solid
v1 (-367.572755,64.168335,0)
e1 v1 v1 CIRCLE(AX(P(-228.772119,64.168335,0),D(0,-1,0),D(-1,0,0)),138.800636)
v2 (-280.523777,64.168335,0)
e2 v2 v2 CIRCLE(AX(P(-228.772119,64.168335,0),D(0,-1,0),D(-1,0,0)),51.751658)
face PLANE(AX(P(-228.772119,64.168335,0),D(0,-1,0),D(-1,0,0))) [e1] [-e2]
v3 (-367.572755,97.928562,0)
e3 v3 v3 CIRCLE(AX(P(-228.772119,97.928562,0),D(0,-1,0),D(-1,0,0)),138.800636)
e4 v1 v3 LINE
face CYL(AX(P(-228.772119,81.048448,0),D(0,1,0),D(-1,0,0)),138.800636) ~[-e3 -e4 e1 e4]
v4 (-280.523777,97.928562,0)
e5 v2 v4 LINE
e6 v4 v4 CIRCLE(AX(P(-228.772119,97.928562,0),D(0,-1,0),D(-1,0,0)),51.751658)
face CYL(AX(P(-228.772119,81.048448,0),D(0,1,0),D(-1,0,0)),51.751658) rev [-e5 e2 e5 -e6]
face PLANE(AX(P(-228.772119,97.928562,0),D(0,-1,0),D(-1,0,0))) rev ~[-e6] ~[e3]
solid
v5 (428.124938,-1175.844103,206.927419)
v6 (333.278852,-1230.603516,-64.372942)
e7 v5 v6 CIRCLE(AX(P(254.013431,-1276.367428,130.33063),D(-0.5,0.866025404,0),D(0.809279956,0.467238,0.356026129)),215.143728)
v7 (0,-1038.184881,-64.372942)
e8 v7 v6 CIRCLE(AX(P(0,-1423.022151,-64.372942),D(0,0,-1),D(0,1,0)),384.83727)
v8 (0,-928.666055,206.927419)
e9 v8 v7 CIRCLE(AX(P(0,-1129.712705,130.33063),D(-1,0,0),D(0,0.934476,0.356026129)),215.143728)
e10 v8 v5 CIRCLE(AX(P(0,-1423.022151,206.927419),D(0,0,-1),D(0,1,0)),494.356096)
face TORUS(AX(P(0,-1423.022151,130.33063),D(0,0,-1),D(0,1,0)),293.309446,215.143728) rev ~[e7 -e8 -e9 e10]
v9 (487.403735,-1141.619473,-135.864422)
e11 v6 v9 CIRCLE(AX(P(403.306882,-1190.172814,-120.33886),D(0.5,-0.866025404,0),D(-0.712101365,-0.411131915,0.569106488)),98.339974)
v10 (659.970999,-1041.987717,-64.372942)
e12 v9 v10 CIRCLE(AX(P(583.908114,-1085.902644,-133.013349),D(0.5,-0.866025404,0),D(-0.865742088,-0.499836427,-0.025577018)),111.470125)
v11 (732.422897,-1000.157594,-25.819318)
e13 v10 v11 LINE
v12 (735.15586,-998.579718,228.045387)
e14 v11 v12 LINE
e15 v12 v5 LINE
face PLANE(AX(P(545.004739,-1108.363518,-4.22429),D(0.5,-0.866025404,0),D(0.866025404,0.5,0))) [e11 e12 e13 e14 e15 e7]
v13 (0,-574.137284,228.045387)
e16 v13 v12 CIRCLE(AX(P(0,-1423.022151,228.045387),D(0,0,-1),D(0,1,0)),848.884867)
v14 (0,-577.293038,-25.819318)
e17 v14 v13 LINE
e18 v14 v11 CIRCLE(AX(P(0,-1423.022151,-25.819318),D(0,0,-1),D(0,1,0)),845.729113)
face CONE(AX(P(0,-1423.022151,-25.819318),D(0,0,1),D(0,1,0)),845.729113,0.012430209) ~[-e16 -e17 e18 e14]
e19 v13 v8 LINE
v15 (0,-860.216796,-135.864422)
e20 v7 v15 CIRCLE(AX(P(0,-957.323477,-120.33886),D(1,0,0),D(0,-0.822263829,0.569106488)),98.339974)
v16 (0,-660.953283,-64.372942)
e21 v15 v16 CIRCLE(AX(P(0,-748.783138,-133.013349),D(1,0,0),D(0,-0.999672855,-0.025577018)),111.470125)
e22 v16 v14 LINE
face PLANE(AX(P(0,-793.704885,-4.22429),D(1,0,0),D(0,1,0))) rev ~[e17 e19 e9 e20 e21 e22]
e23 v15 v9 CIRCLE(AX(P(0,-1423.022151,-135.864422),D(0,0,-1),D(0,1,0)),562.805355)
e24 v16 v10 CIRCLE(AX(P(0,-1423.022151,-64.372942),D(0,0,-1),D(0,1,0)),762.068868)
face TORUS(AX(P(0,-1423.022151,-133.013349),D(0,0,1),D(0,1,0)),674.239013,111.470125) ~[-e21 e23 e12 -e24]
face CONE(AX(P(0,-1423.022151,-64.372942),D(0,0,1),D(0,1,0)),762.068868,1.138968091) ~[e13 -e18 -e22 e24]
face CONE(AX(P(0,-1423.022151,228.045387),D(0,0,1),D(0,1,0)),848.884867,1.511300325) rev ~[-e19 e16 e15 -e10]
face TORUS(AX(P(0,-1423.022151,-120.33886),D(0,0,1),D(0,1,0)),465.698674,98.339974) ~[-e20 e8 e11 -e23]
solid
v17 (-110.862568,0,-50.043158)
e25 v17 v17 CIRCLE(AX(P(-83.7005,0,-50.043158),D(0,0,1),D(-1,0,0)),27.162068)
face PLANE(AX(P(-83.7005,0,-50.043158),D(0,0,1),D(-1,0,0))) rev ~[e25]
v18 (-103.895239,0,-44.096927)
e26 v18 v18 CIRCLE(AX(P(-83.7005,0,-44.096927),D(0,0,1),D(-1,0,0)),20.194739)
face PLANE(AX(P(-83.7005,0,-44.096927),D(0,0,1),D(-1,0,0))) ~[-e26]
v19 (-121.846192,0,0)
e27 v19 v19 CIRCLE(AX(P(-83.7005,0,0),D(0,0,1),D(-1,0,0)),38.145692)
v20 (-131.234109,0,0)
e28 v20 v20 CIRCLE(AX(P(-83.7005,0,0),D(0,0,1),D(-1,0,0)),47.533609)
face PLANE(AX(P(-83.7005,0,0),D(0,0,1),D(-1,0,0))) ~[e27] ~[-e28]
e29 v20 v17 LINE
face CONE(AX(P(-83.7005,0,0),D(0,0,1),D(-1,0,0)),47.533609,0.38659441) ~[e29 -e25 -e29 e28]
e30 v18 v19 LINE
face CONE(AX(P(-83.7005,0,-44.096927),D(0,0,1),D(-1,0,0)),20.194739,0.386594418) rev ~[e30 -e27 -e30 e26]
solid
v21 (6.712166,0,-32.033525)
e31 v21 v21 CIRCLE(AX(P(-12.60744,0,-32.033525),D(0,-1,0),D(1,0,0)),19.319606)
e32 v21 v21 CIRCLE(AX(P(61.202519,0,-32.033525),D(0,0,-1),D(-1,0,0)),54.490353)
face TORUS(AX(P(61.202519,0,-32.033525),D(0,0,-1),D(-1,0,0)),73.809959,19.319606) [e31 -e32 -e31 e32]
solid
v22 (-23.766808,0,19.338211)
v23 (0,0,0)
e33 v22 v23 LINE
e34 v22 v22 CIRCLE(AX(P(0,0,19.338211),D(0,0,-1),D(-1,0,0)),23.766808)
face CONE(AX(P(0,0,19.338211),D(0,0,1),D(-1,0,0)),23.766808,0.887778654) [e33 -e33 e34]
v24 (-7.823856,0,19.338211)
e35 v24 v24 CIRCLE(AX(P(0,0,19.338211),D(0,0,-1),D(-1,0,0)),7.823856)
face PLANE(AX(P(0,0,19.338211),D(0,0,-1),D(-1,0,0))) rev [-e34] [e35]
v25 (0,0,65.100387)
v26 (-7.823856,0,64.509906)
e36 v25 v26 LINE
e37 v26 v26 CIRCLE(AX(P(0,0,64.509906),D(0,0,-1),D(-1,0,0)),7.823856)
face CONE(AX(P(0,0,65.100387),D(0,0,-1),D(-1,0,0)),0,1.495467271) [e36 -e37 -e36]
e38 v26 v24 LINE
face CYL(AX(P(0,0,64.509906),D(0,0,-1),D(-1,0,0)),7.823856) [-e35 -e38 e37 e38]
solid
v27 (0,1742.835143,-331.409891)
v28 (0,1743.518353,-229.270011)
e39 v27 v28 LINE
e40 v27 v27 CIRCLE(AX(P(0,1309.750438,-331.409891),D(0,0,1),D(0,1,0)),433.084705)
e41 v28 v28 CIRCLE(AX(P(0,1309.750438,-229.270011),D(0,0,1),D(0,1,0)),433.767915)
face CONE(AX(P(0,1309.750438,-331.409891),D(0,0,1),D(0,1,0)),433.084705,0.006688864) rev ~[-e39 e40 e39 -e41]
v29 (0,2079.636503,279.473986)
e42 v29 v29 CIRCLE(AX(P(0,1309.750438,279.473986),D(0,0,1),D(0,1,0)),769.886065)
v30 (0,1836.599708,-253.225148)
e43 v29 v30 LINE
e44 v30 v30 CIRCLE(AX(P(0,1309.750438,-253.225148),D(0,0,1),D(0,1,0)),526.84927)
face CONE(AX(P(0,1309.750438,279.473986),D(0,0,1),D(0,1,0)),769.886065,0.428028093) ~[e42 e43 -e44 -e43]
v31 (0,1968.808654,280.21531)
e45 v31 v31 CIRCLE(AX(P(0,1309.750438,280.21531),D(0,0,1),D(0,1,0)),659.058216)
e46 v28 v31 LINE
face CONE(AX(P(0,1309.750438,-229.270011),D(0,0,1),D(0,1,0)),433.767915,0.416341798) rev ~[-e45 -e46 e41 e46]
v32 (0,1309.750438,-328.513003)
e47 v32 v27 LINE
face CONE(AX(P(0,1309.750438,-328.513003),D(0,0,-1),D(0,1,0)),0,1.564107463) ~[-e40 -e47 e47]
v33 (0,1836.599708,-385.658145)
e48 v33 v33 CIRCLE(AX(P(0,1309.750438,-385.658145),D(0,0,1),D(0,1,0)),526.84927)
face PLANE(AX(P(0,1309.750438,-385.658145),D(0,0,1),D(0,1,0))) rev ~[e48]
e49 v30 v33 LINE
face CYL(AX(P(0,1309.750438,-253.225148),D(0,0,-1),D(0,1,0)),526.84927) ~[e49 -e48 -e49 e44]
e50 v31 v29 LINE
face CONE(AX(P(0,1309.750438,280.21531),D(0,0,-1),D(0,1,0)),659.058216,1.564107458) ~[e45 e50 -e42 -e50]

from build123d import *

# Parameters (mm, degrees)
F5_R      = 19.319606
F7_W      = 87.048978
F7_H      = 33.760227
F10_ANGLE = 60


with BuildPart() as f1:
    # F0 (on Front) → F1 (revolve)
    with BuildSketch(Plane.XZ):
        Polygon((0, 0), (0, 65.100387), (-7.823856, 64.509906), (-7.823856, 19.338211), (-23.766808, 19.338211), align=None)
    revolve(axis=Axis((0, 0, 32.550193), (0, 0, -1)))


with BuildPart() as f4:
    # F3 (on face) → F4 (revolve)
    with BuildSketch(Plane.XZ):
        Polygon((-103.895239, -44.096927), (-121.846192, 0), (-131.234109, 0), (-110.862568, -50.043158), (-83.7005, -50.043158), (-83.7005, -44.096927), align=None)
    revolve(axis=Axis((-83.7005, 0, -25.021579), (0, 0, 1)))


with BuildPart() as f6:
    # F5 (on Front) → F6 (revolve)
    with BuildSketch(Plane.XZ):
        with Locations((-12.60744, -32.033525)):
            Circle(F5_R)
    revolve(axis=Axis((61.202519, 0, -34.100204), (0, 0, -1)))


with BuildPart() as f8:
    # F7 (on Top) → F8 (revolve)
    with BuildSketch(Plane.XY):
        with Locations((-324.048266, 81.048448)):
            Rectangle(F7_W, F7_H)
    revolve(axis=Axis((-228.772119, 65.014439, 0), (0, -1, 0)))


with BuildPart() as f10:
    # F9 (on Right) → F10 (revolve)
    with BuildSketch(Plane.YZ):
        with BuildLine():
            Line((-577.293038, -25.819318), (-574.137284, 228.045387))
            Line((-574.137284, 228.045387), (-928.666055, 206.927419))
            ThreePointArc((-928.666055, 206.927419), (-930.211008, 49.795567), (-1038.184881, -64.372942))
            ThreePointArc((-1038.184881, -64.372942), (-993.980471, -211.591341), (-860.216796, -135.864422))
            ThreePointArc((-860.216796, -135.864422), (-711.139509, -237.934967), (-660.953283, -64.372942))
            Line((-660.953283, -64.372942), (-577.293038, -25.819318))
        make_face()
    revolve(axis=Axis((0, -1423.022151, -24.063915), (0, 0, -1)), revolution_arc=F10_ANGLE)


with BuildPart() as f12:
    # F11 (on face) → F12 (revolve)
    with BuildSketch(Plane(origin=(0, 0, 0), x_dir=(0, -1, 0), z_dir=(-1, 0, 0))):
        Polygon((-1968.808654, 280.21531), (-2079.636503, 279.473986), (-1836.599708, -253.225148), (-1836.599708, -385.658145), (-1309.750438, -385.658145), (-1309.750438, -328.513003), (-1742.835143, -331.409891), (-1743.518353, -229.270011), align=None)
    revolve(axis=Axis((0, 1309.750438, -50.517209), (0, 0, 1)))


solid = Compound([f1.part, f4.part, f6.part, f8.part, f10.part, f12.part])
